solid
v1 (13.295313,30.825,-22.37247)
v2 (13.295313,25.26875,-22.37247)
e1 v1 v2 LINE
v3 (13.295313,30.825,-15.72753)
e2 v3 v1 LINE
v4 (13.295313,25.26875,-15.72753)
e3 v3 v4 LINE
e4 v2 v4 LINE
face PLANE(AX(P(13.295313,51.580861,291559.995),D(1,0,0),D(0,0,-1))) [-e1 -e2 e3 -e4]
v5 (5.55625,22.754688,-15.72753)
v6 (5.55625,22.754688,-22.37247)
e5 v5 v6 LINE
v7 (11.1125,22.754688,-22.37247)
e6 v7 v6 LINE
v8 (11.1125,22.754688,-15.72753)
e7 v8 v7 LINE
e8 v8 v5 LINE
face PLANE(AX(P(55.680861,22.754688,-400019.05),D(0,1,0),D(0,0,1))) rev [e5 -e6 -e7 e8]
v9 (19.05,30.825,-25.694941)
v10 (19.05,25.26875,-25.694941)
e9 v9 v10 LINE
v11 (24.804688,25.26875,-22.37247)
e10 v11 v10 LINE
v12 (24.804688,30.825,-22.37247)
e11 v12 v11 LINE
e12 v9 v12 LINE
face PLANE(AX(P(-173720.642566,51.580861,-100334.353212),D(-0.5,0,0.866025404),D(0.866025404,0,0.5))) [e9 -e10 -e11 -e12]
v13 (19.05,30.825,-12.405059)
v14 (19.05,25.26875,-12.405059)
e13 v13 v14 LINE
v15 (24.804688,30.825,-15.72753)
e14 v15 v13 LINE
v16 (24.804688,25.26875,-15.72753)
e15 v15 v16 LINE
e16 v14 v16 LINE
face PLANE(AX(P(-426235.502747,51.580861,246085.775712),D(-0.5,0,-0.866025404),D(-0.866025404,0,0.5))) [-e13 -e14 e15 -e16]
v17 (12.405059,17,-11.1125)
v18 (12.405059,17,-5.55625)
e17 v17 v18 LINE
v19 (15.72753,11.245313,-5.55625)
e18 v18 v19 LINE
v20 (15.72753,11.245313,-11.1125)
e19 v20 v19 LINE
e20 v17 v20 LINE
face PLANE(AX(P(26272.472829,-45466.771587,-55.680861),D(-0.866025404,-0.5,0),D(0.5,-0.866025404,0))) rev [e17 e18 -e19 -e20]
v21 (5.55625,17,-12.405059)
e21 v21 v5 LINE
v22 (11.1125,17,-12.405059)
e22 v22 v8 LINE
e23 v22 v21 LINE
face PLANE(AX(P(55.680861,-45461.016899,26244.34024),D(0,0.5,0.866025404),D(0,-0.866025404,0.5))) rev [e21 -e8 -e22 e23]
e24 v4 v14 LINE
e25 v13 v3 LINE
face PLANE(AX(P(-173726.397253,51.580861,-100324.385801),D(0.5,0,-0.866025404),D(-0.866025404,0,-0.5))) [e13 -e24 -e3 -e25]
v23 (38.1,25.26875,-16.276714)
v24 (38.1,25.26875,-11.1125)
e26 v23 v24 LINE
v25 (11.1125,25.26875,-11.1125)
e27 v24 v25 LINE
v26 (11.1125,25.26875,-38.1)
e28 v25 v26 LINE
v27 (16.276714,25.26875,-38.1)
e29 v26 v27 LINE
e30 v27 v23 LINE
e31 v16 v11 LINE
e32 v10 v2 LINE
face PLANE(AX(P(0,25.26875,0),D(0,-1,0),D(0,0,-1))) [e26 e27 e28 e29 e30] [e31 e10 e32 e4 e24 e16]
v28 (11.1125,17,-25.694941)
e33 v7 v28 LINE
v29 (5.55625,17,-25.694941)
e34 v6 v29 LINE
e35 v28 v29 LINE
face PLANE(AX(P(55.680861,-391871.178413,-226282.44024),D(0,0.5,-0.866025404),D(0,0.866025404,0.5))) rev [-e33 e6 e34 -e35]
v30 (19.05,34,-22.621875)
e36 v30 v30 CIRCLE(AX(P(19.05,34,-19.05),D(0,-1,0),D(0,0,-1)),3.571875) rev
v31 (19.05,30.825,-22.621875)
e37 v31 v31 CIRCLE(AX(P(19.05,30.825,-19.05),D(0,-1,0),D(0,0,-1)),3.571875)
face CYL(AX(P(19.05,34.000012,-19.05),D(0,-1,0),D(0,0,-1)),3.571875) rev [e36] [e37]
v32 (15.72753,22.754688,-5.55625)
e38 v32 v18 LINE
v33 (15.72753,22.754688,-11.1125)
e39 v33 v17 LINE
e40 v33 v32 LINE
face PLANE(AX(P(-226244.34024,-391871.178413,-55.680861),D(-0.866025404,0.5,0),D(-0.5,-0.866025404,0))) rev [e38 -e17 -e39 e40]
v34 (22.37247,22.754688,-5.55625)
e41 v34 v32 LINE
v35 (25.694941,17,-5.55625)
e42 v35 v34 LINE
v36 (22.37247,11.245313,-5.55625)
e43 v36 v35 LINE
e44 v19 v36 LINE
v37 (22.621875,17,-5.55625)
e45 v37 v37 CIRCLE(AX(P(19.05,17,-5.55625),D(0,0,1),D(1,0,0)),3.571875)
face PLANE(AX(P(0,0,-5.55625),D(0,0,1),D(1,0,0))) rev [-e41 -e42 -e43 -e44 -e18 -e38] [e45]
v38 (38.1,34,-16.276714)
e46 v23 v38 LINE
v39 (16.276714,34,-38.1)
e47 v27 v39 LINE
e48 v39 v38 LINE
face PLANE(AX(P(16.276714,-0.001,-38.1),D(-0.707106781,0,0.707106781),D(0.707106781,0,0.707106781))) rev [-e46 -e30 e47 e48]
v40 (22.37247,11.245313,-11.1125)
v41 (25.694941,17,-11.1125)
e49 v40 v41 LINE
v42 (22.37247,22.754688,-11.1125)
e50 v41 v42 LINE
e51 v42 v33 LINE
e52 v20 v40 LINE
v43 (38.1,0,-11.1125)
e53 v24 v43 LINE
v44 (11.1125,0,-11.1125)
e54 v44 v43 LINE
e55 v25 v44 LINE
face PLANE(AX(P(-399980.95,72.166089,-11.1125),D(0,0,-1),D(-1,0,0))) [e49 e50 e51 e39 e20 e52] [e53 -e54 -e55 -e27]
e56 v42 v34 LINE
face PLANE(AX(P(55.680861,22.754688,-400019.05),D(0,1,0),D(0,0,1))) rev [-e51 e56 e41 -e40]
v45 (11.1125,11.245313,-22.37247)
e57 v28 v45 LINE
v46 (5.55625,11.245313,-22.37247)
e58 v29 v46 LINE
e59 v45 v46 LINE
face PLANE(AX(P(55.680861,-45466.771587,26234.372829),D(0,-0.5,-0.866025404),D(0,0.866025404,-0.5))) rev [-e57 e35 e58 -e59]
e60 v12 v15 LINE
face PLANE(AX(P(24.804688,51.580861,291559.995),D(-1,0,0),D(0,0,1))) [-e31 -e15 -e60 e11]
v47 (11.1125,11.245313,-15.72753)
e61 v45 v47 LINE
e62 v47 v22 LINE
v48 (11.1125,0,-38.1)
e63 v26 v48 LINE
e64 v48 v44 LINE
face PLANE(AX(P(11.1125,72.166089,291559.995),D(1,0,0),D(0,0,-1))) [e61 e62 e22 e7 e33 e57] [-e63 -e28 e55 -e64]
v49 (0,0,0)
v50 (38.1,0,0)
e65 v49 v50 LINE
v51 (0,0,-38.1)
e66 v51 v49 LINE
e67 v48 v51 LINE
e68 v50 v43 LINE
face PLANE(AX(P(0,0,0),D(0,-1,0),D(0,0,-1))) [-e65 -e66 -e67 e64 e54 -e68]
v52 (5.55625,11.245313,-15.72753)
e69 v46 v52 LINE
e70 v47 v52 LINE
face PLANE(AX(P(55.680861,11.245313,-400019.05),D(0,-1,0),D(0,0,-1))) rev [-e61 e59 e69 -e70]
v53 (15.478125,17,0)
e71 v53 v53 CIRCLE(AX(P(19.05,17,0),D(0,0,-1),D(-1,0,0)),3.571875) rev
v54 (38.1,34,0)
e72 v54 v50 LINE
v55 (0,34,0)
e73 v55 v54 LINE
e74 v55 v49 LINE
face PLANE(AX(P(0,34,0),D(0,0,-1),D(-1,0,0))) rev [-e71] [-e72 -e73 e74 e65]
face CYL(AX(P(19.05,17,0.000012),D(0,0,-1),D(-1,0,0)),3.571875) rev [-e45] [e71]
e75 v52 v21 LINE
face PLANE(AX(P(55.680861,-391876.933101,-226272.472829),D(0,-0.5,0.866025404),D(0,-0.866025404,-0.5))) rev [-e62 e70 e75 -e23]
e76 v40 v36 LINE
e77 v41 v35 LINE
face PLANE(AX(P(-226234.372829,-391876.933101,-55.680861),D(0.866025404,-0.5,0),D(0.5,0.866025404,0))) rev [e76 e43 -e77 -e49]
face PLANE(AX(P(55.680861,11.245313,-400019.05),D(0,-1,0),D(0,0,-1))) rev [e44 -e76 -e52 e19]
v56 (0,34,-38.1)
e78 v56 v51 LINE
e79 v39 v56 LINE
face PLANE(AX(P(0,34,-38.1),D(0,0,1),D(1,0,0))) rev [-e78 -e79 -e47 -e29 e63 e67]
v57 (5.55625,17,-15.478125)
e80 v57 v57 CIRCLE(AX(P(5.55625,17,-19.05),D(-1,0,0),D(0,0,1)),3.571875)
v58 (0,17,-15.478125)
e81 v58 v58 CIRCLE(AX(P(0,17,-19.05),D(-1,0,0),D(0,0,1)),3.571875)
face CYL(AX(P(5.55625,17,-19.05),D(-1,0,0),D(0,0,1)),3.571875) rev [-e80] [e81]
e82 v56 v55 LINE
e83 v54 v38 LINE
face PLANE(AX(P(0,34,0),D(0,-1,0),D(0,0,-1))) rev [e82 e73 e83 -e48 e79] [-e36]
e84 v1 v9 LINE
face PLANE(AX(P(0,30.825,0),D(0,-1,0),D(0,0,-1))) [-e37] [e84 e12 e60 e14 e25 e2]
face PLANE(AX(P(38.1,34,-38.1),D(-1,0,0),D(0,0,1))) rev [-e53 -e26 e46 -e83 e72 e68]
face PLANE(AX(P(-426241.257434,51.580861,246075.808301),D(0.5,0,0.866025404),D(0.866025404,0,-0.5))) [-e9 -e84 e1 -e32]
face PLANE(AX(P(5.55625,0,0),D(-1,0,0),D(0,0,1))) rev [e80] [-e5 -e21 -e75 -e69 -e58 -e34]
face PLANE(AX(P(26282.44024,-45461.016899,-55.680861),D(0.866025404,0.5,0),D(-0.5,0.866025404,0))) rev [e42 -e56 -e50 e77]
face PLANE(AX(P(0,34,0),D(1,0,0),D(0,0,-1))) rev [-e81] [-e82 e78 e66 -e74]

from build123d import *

# Parameters (mm, degrees)
SKETCH1_W                    = 38.1
SKETCH1_H                    = 38.1
MAIN_BODY_DEPTH              = 34
SKETCH3_R                    = 3.571875
F_9_32_RIGHT_RAIL_DEPTH      = 1
F_9_32_RIGHT_RAIL_DEPTH_BACK = 5.55625
SKETCH4_R                    = 3.571875
F_9_32_LEFT_RAIL_DEPTH       = 5.55625
SKETCH8_R                    = 3.571875
F_9_32_TOPPER_DEPTH          = 1
F_9_32_TOPPER_DEPTH_BACK     = 10
HEX_START                    = -5.55625
HEX_HOLE_RIGHT_DEPTH         = 32.54375
HEX_HOLE_LEFT_DEPTH          = 32.54375
INNER_START                  = -17.4625
SKETCH13_W                   = 26.9875
SKETCH13_H                   = 26.9875
INNER_CAVITY_DEPTH           = 8.73125
INNER_CAVITY_DEPTH_BACK      = 22.754687
HEX_START_2                  = -17
HEX_HOLE_TOP_DEPTH           = 13.825
TOP_CORNER_REACH             = 36


with BuildPart() as part:
    # Sketch1 → Main Body (new body)
    with BuildSketch(Plane(origin=(0, 0, 0), x_dir=(1, 0, 0), z_dir=(0, 1, 0))):
        with Locations((19.05, 19.05)):
            Rectangle(SKETCH1_W, SKETCH1_H)
    extrude(amount=MAIN_BODY_DEPTH)

    # Sketch3 → 9/32 Right Rail (cut, two sides)
    with BuildSketch(Plane.XY) as f_9_32_right_rail_sk:
        with Locations((19.05, 17)):
            Circle(SKETCH3_R)
    extrude(amount=F_9_32_RIGHT_RAIL_DEPTH, mode=Mode.SUBTRACT)
    extrude(f_9_32_right_rail_sk.sketch, amount=-F_9_32_RIGHT_RAIL_DEPTH_BACK, mode=Mode.SUBTRACT)

    # Sketch4 → 9/32 Left Rail (cut)
    with BuildSketch(Plane.ZY):
        with Locations((-19.05, 17)):
            Circle(SKETCH4_R)
    extrude(amount=-F_9_32_LEFT_RAIL_DEPTH, mode=Mode.SUBTRACT)

    # Sketch8 → 9/32 Topper (cut, two sides)
    with BuildSketch(Plane(origin=(0, 34, 0), x_dir=(1, 0, 0), z_dir=(0, 1, 0))) as f_9_32_topper_sk:
        with Locations((19.05, 19.05)):
            Circle(SKETCH8_R)
    extrude(amount=F_9_32_TOPPER_DEPTH, mode=Mode.SUBTRACT)
    extrude(f_9_32_topper_sk.sketch, amount=-F_9_32_TOPPER_DEPTH_BACK, mode=Mode.SUBTRACT)

    # Sketch9 → Hex Hole Right (cut)
    with BuildSketch(Plane.ZY.offset(HEX_START)):
        Polygon((-22.372470377, 22.7546875), (-25.694940754, 17), (-22.372470377, 11.2453125), (-15.727529623, 11.2453125), (-12.405059246, 17), (-15.727529623, 22.7546875), align=None)
    extrude(amount=-HEX_HOLE_RIGHT_DEPTH, mode=Mode.SUBTRACT)

    # Sketch10 → Hex Hole Left (cut)
    with BuildSketch(Plane.XY.offset(HEX_START)):
        Polygon((15.727529623, 22.7546875), (12.405059246, 17), (15.727529623, 11.2453125), (22.372470377, 11.2453125), (25.694940754, 17), (22.372470377, 22.7546875), align=None)
    extrude(amount=-HEX_HOLE_LEFT_DEPTH, mode=Mode.SUBTRACT)

    # Sketch13 → Inner Cavity (cut, two sides)
    with BuildSketch(Plane(origin=(0, 34, 0), x_dir=(1, 0, 0), z_dir=(0, 1, 0)).offset(INNER_START)) as inner_cavity_sk:
        with Locations((24.60625, 24.60625)):
            Rectangle(SKETCH13_W, SKETCH13_H)
    extrude(amount=INNER_CAVITY_DEPTH, mode=Mode.SUBTRACT)
    extrude(inner_cavity_sk.sketch, amount=-INNER_CAVITY_DEPTH_BACK, mode=Mode.SUBTRACT)

    # Sketch14 → Hex Hole Top (cut)
    with BuildSketch(Plane(origin=(0, 34, 0), x_dir=(1, 0, 0), z_dir=(0, 1, 0)).offset(HEX_START_2)):
        Polygon((24.8046875, 22.372470377), (19.05, 25.694940754), (13.2953125, 22.372470377), (13.2953125, 15.727529623), (19.05, 12.405059246), (24.8046875, 15.727529623), align=None)
    extrude(amount=HEX_HOLE_TOP_DEPTH, mode=Mode.SUBTRACT)

    # Sketch16 → Top Corner (cut, up to next)
    with BuildSketch(Plane(origin=(0, 34, 0), x_dir=(1, 0, 0), z_dir=(0, 1, 0)), mode=Mode.PRIVATE) as top_corner_sk1:
        Polygon((38.1, 38.1), (16.276714219, 38.1), (38.1, 16.276714219), align=None)
    top_corner_tool1 = extrude(top_corner_sk1.sketch, amount=-TOP_CORNER_REACH, mode=Mode.PRIVATE) & part.part
    add(top_corner_tool1.solids().sort_by_distance((30.825571, 34, -30.825571))[0], mode=Mode.SUBTRACT)


solid = part.part
